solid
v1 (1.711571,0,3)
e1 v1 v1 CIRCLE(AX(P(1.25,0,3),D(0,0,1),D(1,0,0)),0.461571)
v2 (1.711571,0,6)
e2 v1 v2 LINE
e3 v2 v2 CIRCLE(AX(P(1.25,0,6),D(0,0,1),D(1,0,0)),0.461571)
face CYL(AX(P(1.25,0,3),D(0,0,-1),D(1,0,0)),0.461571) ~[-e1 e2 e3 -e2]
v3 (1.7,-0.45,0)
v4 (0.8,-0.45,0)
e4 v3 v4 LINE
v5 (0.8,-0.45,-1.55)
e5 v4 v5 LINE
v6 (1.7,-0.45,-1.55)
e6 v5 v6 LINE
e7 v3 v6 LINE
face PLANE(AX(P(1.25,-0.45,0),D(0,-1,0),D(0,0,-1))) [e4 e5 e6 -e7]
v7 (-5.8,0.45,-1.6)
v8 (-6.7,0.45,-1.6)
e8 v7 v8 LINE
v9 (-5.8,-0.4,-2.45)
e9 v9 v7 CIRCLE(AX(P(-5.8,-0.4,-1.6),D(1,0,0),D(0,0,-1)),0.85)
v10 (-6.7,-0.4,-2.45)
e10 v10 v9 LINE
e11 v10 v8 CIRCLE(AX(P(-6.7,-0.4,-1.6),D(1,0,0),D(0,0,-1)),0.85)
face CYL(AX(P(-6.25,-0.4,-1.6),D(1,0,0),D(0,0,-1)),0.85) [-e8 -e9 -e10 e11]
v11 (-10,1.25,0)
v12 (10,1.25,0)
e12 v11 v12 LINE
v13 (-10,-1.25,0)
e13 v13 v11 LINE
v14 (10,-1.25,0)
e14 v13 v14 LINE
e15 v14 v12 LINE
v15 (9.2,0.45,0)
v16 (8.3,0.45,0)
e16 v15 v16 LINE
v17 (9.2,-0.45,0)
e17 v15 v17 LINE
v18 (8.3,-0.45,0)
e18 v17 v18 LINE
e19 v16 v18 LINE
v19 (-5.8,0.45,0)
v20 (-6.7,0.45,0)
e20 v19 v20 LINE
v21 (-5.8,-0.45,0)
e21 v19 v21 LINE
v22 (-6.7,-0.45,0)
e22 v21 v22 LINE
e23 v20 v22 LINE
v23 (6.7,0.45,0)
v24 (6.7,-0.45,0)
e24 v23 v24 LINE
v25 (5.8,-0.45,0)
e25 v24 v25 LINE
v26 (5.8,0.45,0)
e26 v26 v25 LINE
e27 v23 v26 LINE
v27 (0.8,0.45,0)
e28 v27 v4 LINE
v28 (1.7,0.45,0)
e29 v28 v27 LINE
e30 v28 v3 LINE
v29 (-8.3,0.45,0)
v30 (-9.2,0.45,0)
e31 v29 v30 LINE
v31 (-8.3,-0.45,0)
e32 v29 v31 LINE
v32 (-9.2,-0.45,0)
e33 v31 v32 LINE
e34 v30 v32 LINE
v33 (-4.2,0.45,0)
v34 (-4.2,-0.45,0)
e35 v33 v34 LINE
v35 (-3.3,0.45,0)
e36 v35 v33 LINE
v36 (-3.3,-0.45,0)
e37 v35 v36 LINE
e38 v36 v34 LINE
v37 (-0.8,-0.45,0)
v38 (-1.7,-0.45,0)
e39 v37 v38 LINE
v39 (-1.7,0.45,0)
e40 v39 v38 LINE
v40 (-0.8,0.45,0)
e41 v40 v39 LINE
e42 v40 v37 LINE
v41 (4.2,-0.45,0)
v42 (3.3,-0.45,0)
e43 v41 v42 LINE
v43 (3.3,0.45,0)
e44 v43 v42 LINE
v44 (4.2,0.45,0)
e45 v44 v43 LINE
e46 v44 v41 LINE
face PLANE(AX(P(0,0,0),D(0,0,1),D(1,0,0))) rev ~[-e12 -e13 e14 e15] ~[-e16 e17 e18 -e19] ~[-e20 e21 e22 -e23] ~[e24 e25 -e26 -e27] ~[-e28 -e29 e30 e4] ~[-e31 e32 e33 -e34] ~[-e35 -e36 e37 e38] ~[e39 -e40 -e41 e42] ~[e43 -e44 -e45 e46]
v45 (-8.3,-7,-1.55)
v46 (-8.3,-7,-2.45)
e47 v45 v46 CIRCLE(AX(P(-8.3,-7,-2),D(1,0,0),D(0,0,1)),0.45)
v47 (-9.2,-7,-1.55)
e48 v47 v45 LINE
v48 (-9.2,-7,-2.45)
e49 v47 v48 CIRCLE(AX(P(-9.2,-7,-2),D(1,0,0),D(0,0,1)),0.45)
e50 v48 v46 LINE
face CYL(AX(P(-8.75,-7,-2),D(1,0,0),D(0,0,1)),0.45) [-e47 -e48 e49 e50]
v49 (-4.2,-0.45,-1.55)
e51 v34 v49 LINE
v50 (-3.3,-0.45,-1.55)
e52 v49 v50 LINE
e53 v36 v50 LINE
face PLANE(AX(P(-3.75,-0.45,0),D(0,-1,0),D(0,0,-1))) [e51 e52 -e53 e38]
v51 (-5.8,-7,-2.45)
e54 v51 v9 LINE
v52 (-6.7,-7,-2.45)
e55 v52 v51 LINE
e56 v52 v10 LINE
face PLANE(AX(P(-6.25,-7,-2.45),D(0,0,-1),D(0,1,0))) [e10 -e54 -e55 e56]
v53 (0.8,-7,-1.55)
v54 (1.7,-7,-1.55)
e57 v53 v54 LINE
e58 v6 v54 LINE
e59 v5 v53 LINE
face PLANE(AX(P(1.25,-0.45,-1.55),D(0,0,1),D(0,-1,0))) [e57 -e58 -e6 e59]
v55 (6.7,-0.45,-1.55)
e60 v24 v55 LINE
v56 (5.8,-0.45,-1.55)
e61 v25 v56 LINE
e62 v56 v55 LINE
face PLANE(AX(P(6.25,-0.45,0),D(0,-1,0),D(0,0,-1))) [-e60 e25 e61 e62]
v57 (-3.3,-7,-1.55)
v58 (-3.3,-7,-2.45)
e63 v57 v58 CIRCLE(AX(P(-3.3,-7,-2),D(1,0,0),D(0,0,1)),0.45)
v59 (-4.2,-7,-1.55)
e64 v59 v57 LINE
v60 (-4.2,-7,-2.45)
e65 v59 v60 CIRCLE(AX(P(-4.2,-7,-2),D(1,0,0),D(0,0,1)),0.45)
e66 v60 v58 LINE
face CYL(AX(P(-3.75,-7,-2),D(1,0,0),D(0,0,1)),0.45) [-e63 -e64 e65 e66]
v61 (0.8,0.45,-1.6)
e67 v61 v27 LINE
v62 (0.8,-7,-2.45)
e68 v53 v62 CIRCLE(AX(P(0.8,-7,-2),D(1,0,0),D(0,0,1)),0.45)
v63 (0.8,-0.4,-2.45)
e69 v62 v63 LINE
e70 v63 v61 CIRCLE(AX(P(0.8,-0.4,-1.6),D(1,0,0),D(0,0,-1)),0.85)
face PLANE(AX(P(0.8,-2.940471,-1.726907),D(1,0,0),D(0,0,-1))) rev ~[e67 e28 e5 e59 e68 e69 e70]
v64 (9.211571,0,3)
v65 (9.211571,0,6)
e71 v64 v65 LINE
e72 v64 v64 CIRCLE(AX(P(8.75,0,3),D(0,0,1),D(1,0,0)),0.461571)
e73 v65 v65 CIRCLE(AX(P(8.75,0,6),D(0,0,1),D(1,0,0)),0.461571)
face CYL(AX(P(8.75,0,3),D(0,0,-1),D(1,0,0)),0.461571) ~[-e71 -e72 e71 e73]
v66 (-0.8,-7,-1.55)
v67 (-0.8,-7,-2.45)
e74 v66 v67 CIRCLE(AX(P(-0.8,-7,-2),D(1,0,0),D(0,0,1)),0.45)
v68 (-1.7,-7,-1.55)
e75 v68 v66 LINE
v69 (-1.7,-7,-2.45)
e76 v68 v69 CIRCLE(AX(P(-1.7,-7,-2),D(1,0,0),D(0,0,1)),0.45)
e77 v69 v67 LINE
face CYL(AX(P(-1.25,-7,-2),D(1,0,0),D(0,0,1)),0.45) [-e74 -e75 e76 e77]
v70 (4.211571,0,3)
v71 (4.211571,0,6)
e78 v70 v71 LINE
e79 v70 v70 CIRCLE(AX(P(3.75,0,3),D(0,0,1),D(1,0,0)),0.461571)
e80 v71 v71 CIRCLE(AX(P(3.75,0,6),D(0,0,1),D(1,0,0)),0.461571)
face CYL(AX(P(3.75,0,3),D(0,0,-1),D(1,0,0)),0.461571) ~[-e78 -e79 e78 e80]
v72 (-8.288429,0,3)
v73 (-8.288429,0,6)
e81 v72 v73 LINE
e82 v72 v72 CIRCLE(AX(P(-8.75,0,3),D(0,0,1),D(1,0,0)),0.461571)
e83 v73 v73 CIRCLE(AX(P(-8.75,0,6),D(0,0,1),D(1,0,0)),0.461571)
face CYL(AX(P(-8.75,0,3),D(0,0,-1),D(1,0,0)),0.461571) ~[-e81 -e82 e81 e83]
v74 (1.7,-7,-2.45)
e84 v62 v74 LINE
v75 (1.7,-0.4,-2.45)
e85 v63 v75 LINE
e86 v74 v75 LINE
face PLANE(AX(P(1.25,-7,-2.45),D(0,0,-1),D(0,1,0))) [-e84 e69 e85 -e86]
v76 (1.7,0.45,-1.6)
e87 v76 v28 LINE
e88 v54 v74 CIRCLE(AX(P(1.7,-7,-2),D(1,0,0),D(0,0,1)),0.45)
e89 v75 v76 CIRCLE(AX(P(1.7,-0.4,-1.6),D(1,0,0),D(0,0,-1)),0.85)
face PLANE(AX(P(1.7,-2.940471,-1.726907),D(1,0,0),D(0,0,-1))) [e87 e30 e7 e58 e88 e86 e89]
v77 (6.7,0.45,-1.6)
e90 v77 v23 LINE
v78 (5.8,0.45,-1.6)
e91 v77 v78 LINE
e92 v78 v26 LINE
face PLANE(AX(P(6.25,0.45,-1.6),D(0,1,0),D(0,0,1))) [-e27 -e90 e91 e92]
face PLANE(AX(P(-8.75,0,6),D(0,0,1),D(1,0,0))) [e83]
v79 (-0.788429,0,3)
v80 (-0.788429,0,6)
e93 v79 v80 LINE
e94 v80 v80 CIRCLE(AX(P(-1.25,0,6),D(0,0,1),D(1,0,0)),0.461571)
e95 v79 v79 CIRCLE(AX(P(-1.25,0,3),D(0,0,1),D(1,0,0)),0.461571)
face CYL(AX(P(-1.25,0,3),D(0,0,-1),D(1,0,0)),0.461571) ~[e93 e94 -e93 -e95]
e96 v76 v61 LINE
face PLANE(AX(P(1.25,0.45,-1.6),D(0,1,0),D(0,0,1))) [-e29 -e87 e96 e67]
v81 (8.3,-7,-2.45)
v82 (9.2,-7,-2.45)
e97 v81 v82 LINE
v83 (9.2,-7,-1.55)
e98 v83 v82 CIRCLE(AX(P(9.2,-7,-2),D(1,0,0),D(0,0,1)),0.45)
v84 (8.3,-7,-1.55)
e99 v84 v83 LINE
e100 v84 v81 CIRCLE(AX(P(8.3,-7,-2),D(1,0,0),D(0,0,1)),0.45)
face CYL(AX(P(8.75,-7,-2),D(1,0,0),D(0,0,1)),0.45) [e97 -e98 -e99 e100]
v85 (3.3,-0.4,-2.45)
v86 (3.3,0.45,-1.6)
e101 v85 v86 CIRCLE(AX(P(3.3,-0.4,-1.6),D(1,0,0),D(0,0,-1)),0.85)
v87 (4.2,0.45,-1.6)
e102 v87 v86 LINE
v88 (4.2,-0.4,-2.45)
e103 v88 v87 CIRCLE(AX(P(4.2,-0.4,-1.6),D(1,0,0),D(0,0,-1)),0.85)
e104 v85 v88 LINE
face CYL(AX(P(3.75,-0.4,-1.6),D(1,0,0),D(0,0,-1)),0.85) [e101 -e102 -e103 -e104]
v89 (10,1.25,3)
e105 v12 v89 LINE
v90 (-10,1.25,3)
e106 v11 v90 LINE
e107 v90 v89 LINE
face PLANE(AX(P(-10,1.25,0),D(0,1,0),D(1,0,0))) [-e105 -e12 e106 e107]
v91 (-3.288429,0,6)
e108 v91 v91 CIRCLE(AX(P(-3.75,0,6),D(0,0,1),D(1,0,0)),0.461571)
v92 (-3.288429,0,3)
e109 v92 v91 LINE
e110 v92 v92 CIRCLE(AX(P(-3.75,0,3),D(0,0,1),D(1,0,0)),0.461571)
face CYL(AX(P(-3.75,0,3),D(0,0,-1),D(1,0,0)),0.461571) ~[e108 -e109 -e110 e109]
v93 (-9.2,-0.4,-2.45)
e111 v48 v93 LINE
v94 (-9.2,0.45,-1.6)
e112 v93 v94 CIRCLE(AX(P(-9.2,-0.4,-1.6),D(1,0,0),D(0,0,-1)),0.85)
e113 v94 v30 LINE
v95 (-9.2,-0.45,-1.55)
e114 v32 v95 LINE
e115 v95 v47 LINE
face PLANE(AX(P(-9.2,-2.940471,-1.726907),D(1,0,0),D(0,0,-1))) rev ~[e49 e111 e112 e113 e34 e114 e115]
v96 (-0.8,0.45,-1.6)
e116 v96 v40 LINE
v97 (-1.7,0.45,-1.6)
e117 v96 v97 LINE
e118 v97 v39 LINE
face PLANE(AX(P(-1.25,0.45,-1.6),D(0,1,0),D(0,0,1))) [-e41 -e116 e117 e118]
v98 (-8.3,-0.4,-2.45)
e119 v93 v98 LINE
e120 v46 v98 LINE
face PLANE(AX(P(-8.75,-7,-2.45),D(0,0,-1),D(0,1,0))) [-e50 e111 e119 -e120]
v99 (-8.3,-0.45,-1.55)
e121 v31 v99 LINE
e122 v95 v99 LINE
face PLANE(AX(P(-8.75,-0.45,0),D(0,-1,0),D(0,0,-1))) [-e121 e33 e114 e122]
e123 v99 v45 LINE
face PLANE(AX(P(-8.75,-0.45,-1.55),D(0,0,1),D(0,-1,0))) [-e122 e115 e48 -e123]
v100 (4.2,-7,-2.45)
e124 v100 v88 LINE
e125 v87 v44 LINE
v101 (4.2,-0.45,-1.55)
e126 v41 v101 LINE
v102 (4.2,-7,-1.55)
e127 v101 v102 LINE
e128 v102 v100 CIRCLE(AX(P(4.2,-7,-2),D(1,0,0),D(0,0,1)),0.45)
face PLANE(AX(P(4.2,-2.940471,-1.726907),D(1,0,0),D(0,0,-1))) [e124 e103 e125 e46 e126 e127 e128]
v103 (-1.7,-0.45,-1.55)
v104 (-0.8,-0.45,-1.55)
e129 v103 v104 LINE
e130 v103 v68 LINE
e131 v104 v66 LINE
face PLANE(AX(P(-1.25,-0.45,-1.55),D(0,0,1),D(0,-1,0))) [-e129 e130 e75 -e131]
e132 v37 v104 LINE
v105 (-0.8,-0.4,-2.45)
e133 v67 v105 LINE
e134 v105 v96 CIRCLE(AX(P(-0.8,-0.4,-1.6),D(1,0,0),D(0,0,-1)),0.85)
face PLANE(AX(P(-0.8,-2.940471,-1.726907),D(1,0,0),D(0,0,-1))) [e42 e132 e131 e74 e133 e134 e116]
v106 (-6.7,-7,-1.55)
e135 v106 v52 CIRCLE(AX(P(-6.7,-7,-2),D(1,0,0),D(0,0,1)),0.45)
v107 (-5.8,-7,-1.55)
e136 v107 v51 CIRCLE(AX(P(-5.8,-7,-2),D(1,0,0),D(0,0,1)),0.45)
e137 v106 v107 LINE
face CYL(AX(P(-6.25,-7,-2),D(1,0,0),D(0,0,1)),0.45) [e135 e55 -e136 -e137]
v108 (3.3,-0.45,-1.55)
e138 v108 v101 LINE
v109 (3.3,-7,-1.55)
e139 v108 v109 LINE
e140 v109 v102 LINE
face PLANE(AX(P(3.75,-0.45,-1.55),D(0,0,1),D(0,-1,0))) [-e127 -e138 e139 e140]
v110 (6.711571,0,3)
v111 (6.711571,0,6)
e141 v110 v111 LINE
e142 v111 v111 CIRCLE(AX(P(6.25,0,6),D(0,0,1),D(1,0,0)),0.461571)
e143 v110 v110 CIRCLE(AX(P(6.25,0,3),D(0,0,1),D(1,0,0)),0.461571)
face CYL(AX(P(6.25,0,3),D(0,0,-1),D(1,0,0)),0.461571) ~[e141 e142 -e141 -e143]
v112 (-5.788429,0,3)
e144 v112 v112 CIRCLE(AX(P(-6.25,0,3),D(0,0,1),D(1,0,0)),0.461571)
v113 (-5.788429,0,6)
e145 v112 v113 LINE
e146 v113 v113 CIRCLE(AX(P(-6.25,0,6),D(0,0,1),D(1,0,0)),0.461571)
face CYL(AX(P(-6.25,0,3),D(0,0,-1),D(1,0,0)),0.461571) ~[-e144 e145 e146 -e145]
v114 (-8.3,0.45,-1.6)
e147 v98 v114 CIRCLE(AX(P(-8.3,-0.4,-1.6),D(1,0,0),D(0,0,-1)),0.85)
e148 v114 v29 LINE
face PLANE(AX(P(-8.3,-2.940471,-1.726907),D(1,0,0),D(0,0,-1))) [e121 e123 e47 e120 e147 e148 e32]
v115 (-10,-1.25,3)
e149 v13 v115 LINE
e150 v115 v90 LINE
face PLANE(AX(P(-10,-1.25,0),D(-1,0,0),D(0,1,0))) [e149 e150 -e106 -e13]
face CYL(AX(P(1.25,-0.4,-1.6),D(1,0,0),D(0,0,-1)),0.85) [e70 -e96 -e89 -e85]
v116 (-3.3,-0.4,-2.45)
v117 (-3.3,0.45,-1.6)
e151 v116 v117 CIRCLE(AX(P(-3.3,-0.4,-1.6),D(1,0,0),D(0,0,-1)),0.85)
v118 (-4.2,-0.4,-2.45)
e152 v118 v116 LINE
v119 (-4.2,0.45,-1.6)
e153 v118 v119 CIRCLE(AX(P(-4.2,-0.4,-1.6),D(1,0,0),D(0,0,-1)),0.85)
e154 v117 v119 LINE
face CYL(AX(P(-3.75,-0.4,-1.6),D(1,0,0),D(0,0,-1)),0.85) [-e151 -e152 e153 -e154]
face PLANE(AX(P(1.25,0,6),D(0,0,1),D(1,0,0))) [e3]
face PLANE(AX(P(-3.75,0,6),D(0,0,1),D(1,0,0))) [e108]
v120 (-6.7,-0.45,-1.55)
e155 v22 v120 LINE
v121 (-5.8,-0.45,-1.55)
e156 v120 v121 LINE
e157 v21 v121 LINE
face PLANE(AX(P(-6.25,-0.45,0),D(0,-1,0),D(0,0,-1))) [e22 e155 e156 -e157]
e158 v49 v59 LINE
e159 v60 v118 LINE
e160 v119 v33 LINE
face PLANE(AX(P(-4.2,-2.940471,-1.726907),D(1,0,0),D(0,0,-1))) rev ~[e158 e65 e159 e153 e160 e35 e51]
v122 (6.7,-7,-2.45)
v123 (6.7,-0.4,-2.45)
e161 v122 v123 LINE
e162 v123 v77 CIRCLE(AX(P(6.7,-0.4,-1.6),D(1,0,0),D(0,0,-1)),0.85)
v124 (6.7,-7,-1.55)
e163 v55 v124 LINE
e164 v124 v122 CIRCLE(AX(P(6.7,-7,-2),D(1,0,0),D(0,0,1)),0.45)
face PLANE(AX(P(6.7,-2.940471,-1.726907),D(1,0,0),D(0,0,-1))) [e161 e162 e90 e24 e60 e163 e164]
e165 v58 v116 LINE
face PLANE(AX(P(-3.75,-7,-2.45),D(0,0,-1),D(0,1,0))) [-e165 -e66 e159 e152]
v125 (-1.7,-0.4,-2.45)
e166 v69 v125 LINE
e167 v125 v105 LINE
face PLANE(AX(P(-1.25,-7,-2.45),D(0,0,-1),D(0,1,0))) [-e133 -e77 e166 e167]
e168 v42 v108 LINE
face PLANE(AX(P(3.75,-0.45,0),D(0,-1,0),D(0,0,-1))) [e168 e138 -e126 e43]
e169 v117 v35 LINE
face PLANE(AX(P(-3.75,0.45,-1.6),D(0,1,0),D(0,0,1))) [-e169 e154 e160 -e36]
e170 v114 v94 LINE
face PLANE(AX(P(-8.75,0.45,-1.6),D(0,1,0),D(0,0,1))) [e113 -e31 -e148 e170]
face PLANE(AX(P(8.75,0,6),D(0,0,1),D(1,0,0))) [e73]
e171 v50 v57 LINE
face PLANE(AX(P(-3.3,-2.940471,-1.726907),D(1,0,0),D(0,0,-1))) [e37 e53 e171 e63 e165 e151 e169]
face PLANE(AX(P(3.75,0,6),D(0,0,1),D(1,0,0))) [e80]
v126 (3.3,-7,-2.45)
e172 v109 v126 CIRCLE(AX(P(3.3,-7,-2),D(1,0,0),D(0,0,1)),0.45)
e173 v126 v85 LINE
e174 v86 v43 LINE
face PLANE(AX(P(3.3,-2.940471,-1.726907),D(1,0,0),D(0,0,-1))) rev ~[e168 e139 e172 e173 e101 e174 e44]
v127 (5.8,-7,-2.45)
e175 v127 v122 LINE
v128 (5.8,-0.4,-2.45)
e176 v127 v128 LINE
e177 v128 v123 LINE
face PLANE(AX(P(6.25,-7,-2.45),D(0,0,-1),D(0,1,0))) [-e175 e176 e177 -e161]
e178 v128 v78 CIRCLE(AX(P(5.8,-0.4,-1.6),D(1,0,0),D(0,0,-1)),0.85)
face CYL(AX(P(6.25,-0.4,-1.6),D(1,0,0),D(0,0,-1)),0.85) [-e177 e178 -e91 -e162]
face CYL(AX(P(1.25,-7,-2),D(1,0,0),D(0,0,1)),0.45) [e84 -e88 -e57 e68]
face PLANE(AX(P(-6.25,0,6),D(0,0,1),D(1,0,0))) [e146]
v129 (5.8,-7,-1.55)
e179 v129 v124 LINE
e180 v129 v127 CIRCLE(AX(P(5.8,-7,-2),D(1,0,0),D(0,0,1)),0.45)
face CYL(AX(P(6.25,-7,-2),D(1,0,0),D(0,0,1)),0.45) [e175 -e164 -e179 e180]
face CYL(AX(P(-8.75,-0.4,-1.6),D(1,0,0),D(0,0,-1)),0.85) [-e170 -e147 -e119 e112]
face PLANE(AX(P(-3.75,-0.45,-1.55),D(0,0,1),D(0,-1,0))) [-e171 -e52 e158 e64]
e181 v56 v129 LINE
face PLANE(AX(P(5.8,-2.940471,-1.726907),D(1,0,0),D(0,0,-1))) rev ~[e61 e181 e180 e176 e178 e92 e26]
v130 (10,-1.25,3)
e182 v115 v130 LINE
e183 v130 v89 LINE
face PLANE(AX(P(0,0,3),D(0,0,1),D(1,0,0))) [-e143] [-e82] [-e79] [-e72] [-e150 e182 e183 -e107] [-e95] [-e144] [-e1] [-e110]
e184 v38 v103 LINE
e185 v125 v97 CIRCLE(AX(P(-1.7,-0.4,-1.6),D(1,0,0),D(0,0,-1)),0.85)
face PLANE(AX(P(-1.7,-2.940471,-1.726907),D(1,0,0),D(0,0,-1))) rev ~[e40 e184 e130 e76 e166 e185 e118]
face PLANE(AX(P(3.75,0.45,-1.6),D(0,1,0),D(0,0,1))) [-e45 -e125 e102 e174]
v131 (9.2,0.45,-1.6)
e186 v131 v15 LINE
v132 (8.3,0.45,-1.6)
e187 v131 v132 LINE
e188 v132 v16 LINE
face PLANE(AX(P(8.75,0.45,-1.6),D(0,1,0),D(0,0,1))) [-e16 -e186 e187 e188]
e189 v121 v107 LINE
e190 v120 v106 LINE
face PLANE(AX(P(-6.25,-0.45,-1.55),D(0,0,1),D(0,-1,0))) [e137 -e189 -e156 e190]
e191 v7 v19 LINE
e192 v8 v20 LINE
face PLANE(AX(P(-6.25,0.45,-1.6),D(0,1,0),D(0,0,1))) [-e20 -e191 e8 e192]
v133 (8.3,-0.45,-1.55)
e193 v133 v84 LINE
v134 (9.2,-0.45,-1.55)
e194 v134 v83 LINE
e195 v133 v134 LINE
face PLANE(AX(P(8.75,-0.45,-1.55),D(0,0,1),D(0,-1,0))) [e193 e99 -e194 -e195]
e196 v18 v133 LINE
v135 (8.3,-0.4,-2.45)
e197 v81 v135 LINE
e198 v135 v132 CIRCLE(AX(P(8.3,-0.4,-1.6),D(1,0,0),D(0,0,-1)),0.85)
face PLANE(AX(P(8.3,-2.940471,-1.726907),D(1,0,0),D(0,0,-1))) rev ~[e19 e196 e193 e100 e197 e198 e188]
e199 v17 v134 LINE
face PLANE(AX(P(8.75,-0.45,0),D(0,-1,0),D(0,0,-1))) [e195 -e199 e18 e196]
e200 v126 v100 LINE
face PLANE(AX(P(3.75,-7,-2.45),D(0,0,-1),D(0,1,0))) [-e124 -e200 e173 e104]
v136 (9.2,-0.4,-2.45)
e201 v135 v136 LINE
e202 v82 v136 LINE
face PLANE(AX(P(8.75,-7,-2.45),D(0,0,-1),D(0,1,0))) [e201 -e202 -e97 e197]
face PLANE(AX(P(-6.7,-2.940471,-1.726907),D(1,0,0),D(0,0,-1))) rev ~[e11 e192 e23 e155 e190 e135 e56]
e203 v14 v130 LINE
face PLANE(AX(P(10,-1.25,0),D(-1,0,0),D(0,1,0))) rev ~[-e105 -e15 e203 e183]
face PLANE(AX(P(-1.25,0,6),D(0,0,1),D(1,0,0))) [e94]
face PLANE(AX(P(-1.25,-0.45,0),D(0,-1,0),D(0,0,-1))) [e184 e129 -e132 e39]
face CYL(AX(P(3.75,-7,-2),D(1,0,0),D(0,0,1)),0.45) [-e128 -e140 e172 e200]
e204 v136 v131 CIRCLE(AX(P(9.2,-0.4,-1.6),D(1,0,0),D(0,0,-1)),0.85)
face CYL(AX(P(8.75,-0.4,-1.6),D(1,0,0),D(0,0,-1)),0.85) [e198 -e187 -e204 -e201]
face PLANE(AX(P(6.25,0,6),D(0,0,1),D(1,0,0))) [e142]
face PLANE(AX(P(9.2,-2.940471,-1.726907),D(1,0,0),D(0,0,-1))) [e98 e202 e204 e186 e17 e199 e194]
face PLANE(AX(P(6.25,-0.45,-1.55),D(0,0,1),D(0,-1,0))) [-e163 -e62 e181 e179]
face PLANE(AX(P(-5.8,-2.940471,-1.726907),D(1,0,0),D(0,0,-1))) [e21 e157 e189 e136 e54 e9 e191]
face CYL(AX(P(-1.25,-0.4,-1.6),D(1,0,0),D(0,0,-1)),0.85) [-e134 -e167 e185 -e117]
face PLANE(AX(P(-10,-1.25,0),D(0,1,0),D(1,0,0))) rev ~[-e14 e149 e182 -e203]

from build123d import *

# Parameters (mm, degrees)
CROQUIS1_W              = 20
CROQUIS1_H              = 2.5
SALIENTE_EXTRUIR1_DEPTH = 3
CROQUIS2_R              = 0.461571169
SALIENTE_EXTRUIR2_DEPTH = 3
MATRIZL1_COUNT          = 8
MATRIZL1_PITCH          = 2.5
SALIENTE_EXTRUIR3_DEPTH = 0.45
MATRIZL2_COUNT          = 8
MATRIZL2_PITCH          = 2.5


with BuildPart() as part:
    # Croquis1 → Saliente-Extruir1 (new body)
    with BuildSketch(Plane.XY):
        Rectangle(CROQUIS1_W, CROQUIS1_H)
    extrude(amount=SALIENTE_EXTRUIR1_DEPTH)

    # Croquis2 → Saliente-Extruir2 (add)
    with BuildSketch(Plane.XY.offset(3)):
        with Locations((-8.75, 0)):
            Circle(CROQUIS2_R)
    saliente_extruir2 = extrude(amount=SALIENTE_EXTRUIR2_DEPTH)

    # MatrizL1: Saliente-Extruir2 ×8
    with Locations(*[(i * MATRIZL1_PITCH, 0, 0) for i in range(1, MATRIZL1_COUNT)]):
        add(saliente_extruir2)

    # Croquis3 → Saliente-Extruir3 (add, symmetric)
    with BuildSketch(Plane(origin=(8.75, 0, 0), x_dir=(0, 0, -1), z_dir=(1, 0, 0))):
        with BuildLine():
            Line((0, -0.45), (1.55, -0.45))
            Line((1.55, -0.45), (1.55, -7))
            ThreePointArc((1.55, -7), (2, -7.45), (2.45, -7))
            Line((2.45, -7), (2.45, -0.4))
            ThreePointArc((2.45, -0.4), (2.201040764, 0.201040764), (1.6, 0.45))
            Line((1.6, 0.45), (0, 0.45))
            Line((0, 0.45), (0, -0.45))
        make_face()
    saliente_extruir3 = extrude(amount=SALIENTE_EXTRUIR3_DEPTH, both=True)

    # MatrizL2: Saliente-Extruir3 ×8
    with Locations(*[(-i * MATRIZL2_PITCH, 0, 0) for i in range(1, MATRIZL2_COUNT)]):
        add(saliente_extruir3)


solid = part.part
